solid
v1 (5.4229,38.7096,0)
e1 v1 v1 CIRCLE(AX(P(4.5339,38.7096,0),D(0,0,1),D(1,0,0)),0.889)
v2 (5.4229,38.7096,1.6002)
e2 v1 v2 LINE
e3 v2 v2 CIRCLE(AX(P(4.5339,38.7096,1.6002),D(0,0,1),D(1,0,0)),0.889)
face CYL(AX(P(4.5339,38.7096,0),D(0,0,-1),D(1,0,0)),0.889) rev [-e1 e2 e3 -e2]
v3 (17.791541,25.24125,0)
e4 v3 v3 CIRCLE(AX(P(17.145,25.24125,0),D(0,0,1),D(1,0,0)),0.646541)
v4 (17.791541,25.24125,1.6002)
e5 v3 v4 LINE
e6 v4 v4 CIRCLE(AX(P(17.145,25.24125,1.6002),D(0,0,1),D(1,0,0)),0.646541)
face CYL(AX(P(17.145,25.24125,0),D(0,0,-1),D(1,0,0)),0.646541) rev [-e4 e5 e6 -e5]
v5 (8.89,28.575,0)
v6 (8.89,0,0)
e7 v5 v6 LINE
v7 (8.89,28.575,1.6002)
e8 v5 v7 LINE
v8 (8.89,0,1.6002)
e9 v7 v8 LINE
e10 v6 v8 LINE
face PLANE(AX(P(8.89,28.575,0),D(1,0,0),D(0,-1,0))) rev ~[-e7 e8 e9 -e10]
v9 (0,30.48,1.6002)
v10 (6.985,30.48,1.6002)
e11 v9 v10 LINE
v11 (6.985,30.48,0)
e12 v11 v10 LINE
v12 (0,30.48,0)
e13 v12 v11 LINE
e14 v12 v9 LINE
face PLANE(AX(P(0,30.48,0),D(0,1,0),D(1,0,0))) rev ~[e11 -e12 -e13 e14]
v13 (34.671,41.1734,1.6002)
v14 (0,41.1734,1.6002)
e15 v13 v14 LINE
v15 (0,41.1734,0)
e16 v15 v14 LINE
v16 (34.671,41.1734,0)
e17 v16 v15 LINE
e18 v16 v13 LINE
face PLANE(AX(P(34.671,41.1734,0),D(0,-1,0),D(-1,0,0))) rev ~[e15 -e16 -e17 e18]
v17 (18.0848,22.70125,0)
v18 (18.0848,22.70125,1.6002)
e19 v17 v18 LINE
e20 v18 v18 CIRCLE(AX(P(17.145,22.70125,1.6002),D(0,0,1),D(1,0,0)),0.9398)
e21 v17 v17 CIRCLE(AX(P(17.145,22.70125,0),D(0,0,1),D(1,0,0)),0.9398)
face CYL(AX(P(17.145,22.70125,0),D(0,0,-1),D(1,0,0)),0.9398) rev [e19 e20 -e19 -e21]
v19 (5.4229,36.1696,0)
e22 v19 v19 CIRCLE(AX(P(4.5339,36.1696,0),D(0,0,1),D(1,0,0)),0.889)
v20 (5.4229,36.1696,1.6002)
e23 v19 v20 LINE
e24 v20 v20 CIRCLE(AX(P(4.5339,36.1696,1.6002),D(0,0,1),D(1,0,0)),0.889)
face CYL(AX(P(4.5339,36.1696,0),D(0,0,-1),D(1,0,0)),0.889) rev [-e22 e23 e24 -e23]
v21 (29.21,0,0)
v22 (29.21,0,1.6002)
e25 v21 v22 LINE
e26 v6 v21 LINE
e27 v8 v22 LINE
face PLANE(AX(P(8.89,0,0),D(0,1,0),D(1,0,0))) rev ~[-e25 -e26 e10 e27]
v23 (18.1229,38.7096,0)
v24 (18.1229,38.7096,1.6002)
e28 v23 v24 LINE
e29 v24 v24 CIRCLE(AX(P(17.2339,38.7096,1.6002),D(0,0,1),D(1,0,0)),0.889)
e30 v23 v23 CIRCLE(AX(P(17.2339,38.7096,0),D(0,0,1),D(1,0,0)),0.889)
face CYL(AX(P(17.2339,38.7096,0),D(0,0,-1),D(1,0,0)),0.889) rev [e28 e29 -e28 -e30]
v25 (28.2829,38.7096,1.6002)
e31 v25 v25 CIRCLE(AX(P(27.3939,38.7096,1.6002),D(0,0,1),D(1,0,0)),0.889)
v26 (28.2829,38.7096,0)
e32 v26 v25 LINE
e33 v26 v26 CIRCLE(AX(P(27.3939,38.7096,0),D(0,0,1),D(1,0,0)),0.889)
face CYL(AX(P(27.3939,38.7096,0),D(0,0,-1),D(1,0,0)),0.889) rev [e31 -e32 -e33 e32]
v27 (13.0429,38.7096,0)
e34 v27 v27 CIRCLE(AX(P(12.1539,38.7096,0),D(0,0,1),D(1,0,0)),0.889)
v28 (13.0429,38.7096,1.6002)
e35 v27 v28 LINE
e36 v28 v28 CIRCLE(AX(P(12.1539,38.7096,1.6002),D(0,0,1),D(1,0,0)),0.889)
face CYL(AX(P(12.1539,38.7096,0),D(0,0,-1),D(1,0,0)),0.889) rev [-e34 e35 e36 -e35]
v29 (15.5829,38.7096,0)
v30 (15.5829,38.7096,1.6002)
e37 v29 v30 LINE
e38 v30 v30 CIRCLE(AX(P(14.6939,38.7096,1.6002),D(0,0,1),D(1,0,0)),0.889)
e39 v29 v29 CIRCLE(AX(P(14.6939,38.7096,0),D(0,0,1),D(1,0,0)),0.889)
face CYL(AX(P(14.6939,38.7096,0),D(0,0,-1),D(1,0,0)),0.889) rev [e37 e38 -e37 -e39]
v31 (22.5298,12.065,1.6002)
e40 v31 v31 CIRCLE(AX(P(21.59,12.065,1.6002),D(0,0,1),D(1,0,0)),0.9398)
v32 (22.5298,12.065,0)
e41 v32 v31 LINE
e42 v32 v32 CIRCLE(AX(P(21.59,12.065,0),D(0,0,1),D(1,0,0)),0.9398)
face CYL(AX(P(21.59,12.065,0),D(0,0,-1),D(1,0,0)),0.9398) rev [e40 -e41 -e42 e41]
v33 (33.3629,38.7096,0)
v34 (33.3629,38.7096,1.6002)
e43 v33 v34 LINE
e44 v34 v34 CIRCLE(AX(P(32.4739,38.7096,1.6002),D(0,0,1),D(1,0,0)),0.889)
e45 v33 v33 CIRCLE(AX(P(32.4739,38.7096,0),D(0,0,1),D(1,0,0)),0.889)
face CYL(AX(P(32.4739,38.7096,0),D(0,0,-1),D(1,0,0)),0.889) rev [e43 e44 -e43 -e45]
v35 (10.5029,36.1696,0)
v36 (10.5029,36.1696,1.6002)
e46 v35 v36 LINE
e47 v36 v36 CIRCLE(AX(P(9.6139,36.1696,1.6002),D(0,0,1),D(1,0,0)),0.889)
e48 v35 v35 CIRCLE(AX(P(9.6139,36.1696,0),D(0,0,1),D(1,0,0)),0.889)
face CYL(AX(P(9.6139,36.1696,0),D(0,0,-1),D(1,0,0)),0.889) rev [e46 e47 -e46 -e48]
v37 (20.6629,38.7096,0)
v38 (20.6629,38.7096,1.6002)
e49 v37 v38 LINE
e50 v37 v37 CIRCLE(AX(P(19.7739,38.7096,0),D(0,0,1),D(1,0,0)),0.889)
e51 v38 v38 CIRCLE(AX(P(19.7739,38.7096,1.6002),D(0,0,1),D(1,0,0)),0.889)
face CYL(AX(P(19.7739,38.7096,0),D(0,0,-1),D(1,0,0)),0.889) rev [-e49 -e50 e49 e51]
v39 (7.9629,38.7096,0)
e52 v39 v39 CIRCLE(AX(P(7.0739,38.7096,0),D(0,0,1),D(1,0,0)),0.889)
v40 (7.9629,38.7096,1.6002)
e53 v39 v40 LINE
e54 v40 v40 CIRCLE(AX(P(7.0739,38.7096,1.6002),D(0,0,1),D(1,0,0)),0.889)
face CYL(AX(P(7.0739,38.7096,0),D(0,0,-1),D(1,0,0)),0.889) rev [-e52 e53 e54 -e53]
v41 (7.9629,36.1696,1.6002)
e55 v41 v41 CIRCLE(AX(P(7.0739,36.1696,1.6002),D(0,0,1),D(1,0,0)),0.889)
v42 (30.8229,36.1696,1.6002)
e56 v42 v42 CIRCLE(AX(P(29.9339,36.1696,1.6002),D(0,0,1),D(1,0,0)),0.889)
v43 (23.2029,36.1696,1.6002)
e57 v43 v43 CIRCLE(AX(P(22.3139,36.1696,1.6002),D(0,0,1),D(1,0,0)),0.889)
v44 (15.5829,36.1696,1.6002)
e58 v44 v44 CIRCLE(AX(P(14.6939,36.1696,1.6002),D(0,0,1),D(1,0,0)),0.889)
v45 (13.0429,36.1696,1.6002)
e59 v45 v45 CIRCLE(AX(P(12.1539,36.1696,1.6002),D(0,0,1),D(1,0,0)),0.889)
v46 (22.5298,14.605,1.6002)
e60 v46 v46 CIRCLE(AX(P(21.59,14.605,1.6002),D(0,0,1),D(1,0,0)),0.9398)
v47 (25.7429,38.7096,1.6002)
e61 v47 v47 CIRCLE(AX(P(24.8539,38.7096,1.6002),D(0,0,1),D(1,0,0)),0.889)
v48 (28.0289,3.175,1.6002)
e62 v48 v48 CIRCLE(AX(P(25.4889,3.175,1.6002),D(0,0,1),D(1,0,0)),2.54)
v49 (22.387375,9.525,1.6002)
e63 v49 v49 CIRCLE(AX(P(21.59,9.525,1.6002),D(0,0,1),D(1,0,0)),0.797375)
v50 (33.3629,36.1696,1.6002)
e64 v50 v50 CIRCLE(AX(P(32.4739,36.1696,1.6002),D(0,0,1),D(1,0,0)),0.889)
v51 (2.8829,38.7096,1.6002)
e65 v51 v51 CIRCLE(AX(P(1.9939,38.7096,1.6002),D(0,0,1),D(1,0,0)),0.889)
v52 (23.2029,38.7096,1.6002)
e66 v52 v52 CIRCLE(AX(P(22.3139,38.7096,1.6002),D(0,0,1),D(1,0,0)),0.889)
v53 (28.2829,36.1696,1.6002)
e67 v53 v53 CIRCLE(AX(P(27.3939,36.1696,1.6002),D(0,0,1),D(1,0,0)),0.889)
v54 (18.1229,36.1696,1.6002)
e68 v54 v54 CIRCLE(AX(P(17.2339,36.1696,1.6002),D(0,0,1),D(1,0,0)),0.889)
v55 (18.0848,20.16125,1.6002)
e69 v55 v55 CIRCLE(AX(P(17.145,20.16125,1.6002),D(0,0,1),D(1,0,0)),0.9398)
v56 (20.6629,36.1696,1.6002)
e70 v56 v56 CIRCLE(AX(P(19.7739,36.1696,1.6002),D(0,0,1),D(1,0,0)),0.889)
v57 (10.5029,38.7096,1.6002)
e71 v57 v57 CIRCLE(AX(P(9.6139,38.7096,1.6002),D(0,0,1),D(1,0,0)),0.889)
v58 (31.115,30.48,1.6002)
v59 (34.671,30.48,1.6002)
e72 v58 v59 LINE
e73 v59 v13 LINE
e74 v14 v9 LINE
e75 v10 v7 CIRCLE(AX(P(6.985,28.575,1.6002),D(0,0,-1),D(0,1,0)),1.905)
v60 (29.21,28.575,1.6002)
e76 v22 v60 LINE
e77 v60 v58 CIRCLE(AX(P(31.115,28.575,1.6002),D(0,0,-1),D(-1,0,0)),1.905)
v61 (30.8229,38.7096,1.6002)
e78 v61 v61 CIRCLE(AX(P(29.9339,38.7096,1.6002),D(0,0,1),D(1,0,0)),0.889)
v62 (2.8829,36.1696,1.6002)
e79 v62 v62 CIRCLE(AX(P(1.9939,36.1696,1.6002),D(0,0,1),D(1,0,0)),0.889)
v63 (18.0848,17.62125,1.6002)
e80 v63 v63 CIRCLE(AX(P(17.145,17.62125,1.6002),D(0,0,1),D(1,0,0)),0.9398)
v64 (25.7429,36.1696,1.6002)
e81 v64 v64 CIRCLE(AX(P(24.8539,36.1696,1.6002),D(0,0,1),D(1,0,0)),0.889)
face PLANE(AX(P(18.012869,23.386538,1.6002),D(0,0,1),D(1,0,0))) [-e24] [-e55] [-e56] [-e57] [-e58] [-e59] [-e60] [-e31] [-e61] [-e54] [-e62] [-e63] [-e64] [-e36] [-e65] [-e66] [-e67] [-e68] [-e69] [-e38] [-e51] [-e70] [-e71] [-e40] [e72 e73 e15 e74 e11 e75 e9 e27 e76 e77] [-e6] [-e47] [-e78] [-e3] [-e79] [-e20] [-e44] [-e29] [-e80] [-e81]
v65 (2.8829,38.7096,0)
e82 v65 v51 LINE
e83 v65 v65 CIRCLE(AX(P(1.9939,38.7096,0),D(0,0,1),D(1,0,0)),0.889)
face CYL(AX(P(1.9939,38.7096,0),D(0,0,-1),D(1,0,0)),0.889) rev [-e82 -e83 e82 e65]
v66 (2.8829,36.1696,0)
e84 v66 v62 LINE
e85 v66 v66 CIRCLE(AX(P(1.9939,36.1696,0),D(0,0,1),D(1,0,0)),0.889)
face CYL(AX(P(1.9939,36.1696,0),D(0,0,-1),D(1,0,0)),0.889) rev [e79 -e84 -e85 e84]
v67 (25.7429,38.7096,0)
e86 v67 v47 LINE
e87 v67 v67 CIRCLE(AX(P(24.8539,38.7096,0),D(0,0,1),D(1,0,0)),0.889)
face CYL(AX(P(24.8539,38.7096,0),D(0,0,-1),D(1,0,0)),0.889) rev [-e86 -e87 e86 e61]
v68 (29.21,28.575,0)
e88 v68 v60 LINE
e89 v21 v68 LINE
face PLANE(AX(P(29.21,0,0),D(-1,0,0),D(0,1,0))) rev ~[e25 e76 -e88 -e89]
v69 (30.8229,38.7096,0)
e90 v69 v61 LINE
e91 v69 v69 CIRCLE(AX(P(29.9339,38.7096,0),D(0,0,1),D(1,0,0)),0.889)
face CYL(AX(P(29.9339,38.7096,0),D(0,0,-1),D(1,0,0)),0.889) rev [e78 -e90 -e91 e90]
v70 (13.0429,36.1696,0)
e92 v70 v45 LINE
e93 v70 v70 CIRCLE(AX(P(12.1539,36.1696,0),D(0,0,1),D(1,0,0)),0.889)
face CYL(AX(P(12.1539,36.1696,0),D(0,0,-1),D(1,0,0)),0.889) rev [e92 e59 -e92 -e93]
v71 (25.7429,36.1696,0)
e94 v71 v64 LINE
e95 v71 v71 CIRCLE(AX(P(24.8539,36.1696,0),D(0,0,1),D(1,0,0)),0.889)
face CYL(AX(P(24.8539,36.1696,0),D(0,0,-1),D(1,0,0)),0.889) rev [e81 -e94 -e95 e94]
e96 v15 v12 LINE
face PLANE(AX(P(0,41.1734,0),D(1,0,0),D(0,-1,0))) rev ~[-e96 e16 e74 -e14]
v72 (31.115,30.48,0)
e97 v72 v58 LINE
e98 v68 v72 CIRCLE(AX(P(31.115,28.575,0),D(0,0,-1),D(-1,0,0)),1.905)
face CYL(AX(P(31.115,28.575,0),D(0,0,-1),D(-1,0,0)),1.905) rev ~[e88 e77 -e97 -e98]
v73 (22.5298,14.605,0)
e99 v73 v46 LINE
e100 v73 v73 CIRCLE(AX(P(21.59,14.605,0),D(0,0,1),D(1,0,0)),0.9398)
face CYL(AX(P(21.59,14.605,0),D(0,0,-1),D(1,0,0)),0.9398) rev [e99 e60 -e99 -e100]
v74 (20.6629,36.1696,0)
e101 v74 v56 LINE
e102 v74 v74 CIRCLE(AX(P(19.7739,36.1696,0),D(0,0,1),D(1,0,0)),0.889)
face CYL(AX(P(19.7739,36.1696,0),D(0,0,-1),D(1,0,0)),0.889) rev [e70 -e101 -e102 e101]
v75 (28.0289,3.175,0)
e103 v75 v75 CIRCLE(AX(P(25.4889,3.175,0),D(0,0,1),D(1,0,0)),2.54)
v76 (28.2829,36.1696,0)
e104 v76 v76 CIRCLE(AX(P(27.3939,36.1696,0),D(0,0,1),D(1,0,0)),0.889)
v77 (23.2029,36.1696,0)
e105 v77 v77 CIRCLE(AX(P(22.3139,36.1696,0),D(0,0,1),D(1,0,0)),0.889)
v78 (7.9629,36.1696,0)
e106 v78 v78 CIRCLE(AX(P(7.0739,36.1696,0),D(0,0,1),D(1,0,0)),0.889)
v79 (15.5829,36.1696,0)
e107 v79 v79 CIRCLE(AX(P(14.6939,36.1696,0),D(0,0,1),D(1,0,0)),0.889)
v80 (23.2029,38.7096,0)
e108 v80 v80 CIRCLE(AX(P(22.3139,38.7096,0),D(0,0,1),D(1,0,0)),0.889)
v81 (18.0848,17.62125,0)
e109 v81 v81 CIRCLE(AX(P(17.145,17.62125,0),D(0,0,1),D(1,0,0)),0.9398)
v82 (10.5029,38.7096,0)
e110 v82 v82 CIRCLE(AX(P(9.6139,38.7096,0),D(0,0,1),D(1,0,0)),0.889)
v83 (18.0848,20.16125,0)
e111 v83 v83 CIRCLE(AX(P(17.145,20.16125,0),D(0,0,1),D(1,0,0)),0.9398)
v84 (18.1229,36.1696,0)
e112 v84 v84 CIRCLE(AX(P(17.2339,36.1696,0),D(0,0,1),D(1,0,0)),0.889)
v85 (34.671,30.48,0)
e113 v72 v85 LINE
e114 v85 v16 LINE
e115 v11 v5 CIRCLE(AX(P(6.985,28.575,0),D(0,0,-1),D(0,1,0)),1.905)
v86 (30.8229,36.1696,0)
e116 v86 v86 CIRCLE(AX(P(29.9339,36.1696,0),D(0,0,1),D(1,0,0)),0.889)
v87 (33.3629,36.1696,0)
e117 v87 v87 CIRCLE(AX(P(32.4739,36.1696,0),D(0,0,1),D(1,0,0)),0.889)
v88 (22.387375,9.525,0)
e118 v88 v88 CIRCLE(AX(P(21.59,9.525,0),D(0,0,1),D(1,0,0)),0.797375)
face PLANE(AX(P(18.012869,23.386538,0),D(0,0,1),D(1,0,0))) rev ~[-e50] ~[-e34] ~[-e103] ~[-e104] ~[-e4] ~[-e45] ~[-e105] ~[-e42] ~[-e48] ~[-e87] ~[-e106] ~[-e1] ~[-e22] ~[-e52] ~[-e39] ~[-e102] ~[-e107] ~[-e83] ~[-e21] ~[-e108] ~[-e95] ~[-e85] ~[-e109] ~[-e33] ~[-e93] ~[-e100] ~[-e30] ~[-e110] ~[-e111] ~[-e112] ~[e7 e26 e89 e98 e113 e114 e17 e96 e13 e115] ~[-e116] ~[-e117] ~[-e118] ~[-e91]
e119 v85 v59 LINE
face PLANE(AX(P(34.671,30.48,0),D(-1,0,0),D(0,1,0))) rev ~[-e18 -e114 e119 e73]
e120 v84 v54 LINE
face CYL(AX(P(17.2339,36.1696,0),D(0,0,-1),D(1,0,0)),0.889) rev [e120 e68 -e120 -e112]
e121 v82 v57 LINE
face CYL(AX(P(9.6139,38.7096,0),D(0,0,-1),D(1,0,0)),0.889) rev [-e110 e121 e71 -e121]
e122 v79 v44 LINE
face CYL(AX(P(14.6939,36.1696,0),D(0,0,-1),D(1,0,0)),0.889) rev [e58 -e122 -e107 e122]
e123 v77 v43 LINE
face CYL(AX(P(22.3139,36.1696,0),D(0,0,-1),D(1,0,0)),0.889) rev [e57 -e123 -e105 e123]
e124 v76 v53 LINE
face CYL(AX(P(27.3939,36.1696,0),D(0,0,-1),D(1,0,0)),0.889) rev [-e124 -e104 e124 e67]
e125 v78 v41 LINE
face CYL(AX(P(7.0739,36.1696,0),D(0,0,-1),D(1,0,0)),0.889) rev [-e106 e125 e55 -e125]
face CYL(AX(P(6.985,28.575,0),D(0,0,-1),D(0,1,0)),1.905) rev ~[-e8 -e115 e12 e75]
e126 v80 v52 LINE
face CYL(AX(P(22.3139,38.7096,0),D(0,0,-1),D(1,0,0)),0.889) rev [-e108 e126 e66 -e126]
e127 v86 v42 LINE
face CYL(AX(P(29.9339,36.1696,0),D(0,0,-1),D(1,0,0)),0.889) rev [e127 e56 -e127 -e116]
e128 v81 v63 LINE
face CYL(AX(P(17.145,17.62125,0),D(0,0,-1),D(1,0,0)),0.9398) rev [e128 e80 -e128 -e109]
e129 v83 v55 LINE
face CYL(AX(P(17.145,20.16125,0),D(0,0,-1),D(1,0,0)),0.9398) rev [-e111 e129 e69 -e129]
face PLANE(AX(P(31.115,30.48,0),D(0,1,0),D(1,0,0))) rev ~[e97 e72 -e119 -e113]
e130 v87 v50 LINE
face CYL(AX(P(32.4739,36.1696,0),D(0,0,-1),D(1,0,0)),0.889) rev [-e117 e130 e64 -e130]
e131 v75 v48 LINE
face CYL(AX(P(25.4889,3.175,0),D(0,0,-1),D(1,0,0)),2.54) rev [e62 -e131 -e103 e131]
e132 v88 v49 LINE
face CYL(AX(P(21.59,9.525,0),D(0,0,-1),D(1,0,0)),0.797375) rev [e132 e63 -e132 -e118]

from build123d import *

# Parameters (mm, degrees)
MODEL_R             = 0.646540802
MODEL_R_2           = 0.797374503
MODEL_R_3           = 0.889
MODEL_R_4           = 0.9398
MODEL_R_5           = 2.54
BOSS_EXTRUDE1_DEPTH = 1.6002


with BuildPart() as part:
    # Model → Boss-Extrude1 (new body)
    with BuildSketch(Plane.XY):
        with BuildLine():
            Line((8.89, 0), (29.21, 0))
            Line((29.21, 0), (29.21, 28.575))
            ThreePointArc((29.21, 28.575), (29.767961582, 29.922038418), (31.115, 30.48))
            Line((31.115, 30.48), (34.671, 30.48))
            Line((34.671, 30.48), (34.671, 41.1734))
            Line((34.671, 41.1734), (0, 41.1734))
            Line((0, 41.1734), (0, 30.48))
            Line((0, 30.48), (6.985, 30.48))
            ThreePointArc((6.985, 30.48), (8.332038418, 29.922038418), (8.89, 28.575))
            Line((8.89, 28.575), (8.89, 0))
        make_face()
        with Locations((17.145, 25.24125)):
            Circle(MODEL_R, mode=Mode.SUBTRACT)
        with Locations((21.59, 9.525)):
            Circle(MODEL_R_2, mode=Mode.SUBTRACT)
        with Locations((1.9939, 38.7096)):
            Circle(MODEL_R_3, mode=Mode.SUBTRACT)
        with Locations((1.9939, 36.1696)):
            Circle(MODEL_R_3, mode=Mode.SUBTRACT)
        with Locations((4.5339, 36.1696)):
            Circle(MODEL_R_3, mode=Mode.SUBTRACT)
        with Locations((7.0739, 36.1696)):
            Circle(MODEL_R_3, mode=Mode.SUBTRACT)
        with Locations((9.6139, 36.1696)):
            Circle(MODEL_R_3, mode=Mode.SUBTRACT)
        with Locations((12.1539, 36.1696)):
            Circle(MODEL_R_3, mode=Mode.SUBTRACT)
        with Locations((4.5339, 38.7096)):
            Circle(MODEL_R_3, mode=Mode.SUBTRACT)
        with Locations((7.0739, 38.7096)):
            Circle(MODEL_R_3, mode=Mode.SUBTRACT)
        with Locations((9.6139, 38.7096)):
            Circle(MODEL_R_3, mode=Mode.SUBTRACT)
        with Locations((12.1539, 38.7096)):
            Circle(MODEL_R_3, mode=Mode.SUBTRACT)
        with Locations((14.6939, 38.7096)):
            Circle(MODEL_R_3, mode=Mode.SUBTRACT)
        with Locations((14.6939, 36.1696)):
            Circle(MODEL_R_3, mode=Mode.SUBTRACT)
        with Locations((17.2339, 36.1696)):
            Circle(MODEL_R_3, mode=Mode.SUBTRACT)
        with Locations((19.7739, 36.1696)):
            Circle(MODEL_R_3, mode=Mode.SUBTRACT)
        with Locations((22.3139, 36.1696)):
            Circle(MODEL_R_3, mode=Mode.SUBTRACT)
        with Locations((24.8539, 36.1696)):
            Circle(MODEL_R_3, mode=Mode.SUBTRACT)
        with Locations((17.2339, 38.7096)):
            Circle(MODEL_R_3, mode=Mode.SUBTRACT)
        with Locations((19.7739, 38.7096)):
            Circle(MODEL_R_3, mode=Mode.SUBTRACT)
        with Locations((22.3139, 38.7096)):
            Circle(MODEL_R_3, mode=Mode.SUBTRACT)
        with Locations((24.8539, 38.7096)):
            Circle(MODEL_R_3, mode=Mode.SUBTRACT)
        with Locations((27.3939, 38.7096)):
            Circle(MODEL_R_3, mode=Mode.SUBTRACT)
        with Locations((27.3939, 36.1696)):
            Circle(MODEL_R_3, mode=Mode.SUBTRACT)
        with Locations((29.9339, 36.1696)):
            Circle(MODEL_R_3, mode=Mode.SUBTRACT)
        with Locations((32.4739, 36.1696)):
            Circle(MODEL_R_3, mode=Mode.SUBTRACT)
        with Locations((29.9339, 38.7096)):
            Circle(MODEL_R_3, mode=Mode.SUBTRACT)
        with Locations((32.4739, 38.7096)):
            Circle(MODEL_R_3, mode=Mode.SUBTRACT)
        with Locations((21.59, 12.065)):
            Circle(MODEL_R_4, mode=Mode.SUBTRACT)
        with Locations((21.59, 14.605)):
            Circle(MODEL_R_4, mode=Mode.SUBTRACT)
        with Locations((17.145, 22.70125)):
            Circle(MODEL_R_4, mode=Mode.SUBTRACT)
        with Locations((17.145, 20.16125)):
            Circle(MODEL_R_4, mode=Mode.SUBTRACT)
        with Locations((17.145, 17.62125)):
            Circle(MODEL_R_4, mode=Mode.SUBTRACT)
        with Locations((25.4889, 3.175)):
            Circle(MODEL_R_5, mode=Mode.SUBTRACT)
    extrude(amount=BOSS_EXTRUDE1_DEPTH)


solid = part.part
